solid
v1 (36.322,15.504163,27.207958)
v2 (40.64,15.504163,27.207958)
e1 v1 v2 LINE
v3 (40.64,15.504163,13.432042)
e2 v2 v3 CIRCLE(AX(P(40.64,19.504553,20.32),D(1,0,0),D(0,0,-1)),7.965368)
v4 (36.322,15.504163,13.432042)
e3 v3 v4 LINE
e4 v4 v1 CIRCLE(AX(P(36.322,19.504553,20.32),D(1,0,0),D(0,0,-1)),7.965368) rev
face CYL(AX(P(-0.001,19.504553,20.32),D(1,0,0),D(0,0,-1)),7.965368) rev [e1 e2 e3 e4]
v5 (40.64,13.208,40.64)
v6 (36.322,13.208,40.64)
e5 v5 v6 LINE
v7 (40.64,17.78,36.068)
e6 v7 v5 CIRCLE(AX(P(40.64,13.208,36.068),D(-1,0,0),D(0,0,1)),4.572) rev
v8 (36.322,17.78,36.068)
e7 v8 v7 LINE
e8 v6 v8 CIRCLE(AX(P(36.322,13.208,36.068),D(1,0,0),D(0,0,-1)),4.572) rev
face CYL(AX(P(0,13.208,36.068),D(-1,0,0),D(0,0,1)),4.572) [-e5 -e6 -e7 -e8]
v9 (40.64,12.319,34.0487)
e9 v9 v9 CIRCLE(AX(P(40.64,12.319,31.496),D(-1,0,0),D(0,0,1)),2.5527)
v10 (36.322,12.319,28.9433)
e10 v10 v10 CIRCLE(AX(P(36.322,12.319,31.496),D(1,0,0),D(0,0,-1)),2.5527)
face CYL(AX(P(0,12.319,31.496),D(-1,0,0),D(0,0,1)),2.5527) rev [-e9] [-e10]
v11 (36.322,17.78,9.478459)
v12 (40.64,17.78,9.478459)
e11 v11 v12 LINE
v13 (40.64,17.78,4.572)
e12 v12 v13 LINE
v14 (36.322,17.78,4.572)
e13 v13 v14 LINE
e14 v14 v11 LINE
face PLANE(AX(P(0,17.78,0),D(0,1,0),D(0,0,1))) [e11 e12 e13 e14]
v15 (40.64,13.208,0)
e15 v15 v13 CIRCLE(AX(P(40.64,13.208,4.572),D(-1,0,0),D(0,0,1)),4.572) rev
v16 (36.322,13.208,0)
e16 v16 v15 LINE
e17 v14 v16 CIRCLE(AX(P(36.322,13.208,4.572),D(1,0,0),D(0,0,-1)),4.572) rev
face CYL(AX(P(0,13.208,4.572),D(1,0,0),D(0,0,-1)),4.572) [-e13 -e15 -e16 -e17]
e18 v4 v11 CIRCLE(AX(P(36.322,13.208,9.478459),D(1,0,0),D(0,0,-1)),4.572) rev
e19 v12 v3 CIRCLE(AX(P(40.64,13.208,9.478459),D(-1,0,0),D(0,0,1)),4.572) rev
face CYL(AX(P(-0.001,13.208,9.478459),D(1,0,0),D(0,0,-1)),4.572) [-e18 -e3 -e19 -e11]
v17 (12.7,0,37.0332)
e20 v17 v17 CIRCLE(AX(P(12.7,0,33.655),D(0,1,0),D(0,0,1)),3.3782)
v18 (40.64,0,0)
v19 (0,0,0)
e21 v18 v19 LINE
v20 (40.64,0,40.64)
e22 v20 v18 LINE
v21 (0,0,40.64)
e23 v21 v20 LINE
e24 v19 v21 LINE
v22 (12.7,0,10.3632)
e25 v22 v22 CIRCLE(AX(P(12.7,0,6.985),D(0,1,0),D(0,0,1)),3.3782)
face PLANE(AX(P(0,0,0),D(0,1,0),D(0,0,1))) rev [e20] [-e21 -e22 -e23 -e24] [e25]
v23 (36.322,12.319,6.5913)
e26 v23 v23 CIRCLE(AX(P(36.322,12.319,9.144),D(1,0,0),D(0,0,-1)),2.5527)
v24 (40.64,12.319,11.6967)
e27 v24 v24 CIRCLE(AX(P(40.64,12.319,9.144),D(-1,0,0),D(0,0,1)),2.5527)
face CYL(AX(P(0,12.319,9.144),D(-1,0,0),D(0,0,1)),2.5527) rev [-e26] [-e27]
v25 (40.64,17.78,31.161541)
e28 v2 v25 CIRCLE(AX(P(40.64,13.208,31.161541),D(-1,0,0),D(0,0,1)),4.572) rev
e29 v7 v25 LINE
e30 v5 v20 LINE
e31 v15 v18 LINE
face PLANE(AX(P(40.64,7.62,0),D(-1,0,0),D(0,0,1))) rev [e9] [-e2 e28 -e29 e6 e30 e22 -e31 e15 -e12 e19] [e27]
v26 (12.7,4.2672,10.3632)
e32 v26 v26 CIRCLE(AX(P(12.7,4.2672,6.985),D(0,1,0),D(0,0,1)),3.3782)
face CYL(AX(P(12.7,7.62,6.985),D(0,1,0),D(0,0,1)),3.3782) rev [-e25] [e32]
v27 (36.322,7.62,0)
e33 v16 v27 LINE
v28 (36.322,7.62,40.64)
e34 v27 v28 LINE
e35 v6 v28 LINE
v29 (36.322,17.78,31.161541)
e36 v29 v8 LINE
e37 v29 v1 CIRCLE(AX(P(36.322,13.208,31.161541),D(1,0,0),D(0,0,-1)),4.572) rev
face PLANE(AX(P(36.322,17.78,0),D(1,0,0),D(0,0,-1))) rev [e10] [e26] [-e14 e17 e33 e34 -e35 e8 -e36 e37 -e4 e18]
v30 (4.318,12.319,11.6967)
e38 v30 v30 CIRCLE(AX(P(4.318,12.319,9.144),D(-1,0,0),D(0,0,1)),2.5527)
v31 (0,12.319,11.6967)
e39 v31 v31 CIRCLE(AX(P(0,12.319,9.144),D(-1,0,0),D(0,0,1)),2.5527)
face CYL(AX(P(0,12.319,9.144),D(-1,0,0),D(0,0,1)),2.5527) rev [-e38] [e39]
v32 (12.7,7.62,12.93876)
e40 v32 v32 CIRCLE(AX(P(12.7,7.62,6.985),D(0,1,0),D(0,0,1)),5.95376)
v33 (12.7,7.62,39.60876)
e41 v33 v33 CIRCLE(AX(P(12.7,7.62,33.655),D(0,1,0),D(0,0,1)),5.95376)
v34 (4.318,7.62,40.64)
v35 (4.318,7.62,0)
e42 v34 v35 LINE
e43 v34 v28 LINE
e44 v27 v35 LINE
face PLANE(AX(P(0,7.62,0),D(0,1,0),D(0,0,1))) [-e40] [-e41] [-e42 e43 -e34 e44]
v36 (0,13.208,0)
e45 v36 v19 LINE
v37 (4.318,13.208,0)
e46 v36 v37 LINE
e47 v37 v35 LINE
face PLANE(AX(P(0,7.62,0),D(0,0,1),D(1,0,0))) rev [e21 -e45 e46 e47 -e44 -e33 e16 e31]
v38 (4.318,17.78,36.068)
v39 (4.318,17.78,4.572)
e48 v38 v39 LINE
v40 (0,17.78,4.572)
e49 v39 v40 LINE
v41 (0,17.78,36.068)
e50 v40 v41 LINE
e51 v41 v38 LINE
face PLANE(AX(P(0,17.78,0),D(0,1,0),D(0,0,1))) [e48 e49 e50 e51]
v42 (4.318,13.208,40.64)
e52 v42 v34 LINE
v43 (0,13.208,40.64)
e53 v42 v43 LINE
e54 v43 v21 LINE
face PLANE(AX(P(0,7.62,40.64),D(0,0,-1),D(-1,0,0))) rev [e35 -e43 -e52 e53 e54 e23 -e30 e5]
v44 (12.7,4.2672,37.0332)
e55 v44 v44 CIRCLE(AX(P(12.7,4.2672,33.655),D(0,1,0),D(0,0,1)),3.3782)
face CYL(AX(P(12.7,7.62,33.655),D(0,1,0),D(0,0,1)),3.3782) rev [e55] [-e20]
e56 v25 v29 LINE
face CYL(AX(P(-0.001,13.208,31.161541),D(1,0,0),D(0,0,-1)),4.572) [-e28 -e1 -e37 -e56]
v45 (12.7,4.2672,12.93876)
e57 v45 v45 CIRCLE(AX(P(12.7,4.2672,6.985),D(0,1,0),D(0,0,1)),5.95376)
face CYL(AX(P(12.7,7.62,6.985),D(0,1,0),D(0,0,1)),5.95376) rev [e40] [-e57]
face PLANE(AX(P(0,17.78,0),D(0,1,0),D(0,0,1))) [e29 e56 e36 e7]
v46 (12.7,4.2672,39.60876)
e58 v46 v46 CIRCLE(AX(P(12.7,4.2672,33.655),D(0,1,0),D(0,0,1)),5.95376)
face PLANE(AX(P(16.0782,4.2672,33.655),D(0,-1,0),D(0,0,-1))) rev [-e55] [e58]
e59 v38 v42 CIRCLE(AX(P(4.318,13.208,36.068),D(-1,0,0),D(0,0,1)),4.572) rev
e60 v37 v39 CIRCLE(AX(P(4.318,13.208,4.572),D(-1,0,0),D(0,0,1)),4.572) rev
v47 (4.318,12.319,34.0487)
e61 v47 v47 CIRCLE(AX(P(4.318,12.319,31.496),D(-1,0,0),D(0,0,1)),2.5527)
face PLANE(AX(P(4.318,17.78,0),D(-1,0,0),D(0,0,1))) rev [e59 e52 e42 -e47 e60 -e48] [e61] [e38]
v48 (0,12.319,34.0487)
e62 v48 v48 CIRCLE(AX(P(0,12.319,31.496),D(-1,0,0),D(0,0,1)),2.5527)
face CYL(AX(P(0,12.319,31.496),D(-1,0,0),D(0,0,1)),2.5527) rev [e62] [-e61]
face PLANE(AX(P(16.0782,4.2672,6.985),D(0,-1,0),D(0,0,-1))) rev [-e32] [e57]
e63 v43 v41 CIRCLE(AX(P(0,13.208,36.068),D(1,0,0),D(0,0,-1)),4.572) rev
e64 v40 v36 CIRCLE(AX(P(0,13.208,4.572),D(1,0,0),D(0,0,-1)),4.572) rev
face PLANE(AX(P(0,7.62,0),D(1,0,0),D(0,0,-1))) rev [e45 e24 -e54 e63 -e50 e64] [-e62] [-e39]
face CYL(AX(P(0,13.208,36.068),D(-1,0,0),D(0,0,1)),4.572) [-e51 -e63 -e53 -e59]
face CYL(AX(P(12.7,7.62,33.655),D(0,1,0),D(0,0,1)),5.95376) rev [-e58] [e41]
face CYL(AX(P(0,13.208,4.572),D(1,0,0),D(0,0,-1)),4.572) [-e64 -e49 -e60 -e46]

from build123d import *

# Parameters (mm, degrees)
SKETCH1_W                                        = 40.64
SKETCH1_H                                        = 40.64
BOSS_EXTRUDE1_DEPTH                              = 7.62
SKETCH2_W                                        = 4.318
SKETCH2_H                                        = 40.64
BOSS_EXTRUDE2_DEPTH                              = 10.16
F_10_CLEARANCE_HOLE1_D                           = 5.1054
CBORE_FOR_1_4_BUTTON_HEAD_CAP_SCREW1_D           = 6.7564
CBORE_FOR_1_4_BUTTON_HEAD_CAP_SCREW1_CBORE_D     = 11.90752
CBORE_FOR_1_4_BUTTON_HEAD_CAP_SCREW1_CBORE_DEPTH = 3.3528
CUT_EXTRUDE1_REACH                               = 62.161
SKETCH8_R                                        = 7.965368028
FILLET1_R                                        = 4.572


with BuildPart() as part:
    # Sketch1 → Boss-Extrude1 (new body)
    with BuildSketch(Plane(origin=(0, 0, 0), x_dir=(1, 0, 0), z_dir=(0, 1, 0))):
        with Locations((20.32, -20.32)):
            Rectangle(SKETCH1_W, SKETCH1_H)
    extrude(amount=BOSS_EXTRUDE1_DEPTH)

    # Sketch2 → Boss-Extrude2 (add)
    with BuildSketch(Plane(origin=(0, 7.62, 0), x_dir=(1, 0, 0), z_dir=(0, 1, 0))):
        with Locations((2.159, -20.32)):
            Rectangle(SKETCH2_W, SKETCH2_H)
        with Locations((38.481, -20.32)):
            Rectangle(SKETCH2_W, SKETCH2_H)
    extrude(amount=BOSS_EXTRUDE2_DEPTH)

    # #10 Clearance Hole1 (through all)
    with Locations(Plane.ZY):
        with Locations((9.144, 12.319), (31.496, 12.319)):
            Hole(F_10_CLEARANCE_HOLE1_D / 2)

    # CBORE for 1/4 Button Head Cap Screw1 (through all)
    with Locations(Plane(origin=(0, 7.62, 0), x_dir=(1, 0, 0), z_dir=(0, 1, 0))):
        with Locations((12.7, -6.985), (12.7, -33.655)):
            CounterBoreHole(CBORE_FOR_1_4_BUTTON_HEAD_CAP_SCREW1_D / 2, CBORE_FOR_1_4_BUTTON_HEAD_CAP_SCREW1_CBORE_D / 2, CBORE_FOR_1_4_BUTTON_HEAD_CAP_SCREW1_CBORE_DEPTH)

    # Sketch8 → Cut-Extrude1 (cut, up to next)
    with BuildSketch(Plane(origin=(40.64, 0, 0), x_dir=(0, 0, -1), z_dir=(1, 0, 0)), mode=Mode.PRIVATE) as cut_extrude1_sk1:
        with Locations((-20.32, 19.504553012)):
            Circle(SKETCH8_R)
    cut_extrude1_tool1 = extrude(cut_extrude1_sk1.sketch, amount=-CUT_EXTRUDE1_REACH, mode=Mode.PRIVATE) & part.part
    add(cut_extrude1_tool1.solids().sort_by_distance((40.64, 19.504553, 20.32))[0], mode=Mode.SUBTRACT)

    # Fillet1
    fillet1_edges = [part.edges().sort_by_distance(p)[0] for p in [
        (2.159, 17.78, 40.64),
        (2.159, 17.78, 0),
        (38.481, 17.78, 40.64),
        (38.481, 17.78, 0),
        (38.481, 17.78, 28.096439078),
        (38.481, 17.78, 12.543560922),
    ]]
    fillet(fillet1_edges, radius=FILLET1_R)


solid = part.part
